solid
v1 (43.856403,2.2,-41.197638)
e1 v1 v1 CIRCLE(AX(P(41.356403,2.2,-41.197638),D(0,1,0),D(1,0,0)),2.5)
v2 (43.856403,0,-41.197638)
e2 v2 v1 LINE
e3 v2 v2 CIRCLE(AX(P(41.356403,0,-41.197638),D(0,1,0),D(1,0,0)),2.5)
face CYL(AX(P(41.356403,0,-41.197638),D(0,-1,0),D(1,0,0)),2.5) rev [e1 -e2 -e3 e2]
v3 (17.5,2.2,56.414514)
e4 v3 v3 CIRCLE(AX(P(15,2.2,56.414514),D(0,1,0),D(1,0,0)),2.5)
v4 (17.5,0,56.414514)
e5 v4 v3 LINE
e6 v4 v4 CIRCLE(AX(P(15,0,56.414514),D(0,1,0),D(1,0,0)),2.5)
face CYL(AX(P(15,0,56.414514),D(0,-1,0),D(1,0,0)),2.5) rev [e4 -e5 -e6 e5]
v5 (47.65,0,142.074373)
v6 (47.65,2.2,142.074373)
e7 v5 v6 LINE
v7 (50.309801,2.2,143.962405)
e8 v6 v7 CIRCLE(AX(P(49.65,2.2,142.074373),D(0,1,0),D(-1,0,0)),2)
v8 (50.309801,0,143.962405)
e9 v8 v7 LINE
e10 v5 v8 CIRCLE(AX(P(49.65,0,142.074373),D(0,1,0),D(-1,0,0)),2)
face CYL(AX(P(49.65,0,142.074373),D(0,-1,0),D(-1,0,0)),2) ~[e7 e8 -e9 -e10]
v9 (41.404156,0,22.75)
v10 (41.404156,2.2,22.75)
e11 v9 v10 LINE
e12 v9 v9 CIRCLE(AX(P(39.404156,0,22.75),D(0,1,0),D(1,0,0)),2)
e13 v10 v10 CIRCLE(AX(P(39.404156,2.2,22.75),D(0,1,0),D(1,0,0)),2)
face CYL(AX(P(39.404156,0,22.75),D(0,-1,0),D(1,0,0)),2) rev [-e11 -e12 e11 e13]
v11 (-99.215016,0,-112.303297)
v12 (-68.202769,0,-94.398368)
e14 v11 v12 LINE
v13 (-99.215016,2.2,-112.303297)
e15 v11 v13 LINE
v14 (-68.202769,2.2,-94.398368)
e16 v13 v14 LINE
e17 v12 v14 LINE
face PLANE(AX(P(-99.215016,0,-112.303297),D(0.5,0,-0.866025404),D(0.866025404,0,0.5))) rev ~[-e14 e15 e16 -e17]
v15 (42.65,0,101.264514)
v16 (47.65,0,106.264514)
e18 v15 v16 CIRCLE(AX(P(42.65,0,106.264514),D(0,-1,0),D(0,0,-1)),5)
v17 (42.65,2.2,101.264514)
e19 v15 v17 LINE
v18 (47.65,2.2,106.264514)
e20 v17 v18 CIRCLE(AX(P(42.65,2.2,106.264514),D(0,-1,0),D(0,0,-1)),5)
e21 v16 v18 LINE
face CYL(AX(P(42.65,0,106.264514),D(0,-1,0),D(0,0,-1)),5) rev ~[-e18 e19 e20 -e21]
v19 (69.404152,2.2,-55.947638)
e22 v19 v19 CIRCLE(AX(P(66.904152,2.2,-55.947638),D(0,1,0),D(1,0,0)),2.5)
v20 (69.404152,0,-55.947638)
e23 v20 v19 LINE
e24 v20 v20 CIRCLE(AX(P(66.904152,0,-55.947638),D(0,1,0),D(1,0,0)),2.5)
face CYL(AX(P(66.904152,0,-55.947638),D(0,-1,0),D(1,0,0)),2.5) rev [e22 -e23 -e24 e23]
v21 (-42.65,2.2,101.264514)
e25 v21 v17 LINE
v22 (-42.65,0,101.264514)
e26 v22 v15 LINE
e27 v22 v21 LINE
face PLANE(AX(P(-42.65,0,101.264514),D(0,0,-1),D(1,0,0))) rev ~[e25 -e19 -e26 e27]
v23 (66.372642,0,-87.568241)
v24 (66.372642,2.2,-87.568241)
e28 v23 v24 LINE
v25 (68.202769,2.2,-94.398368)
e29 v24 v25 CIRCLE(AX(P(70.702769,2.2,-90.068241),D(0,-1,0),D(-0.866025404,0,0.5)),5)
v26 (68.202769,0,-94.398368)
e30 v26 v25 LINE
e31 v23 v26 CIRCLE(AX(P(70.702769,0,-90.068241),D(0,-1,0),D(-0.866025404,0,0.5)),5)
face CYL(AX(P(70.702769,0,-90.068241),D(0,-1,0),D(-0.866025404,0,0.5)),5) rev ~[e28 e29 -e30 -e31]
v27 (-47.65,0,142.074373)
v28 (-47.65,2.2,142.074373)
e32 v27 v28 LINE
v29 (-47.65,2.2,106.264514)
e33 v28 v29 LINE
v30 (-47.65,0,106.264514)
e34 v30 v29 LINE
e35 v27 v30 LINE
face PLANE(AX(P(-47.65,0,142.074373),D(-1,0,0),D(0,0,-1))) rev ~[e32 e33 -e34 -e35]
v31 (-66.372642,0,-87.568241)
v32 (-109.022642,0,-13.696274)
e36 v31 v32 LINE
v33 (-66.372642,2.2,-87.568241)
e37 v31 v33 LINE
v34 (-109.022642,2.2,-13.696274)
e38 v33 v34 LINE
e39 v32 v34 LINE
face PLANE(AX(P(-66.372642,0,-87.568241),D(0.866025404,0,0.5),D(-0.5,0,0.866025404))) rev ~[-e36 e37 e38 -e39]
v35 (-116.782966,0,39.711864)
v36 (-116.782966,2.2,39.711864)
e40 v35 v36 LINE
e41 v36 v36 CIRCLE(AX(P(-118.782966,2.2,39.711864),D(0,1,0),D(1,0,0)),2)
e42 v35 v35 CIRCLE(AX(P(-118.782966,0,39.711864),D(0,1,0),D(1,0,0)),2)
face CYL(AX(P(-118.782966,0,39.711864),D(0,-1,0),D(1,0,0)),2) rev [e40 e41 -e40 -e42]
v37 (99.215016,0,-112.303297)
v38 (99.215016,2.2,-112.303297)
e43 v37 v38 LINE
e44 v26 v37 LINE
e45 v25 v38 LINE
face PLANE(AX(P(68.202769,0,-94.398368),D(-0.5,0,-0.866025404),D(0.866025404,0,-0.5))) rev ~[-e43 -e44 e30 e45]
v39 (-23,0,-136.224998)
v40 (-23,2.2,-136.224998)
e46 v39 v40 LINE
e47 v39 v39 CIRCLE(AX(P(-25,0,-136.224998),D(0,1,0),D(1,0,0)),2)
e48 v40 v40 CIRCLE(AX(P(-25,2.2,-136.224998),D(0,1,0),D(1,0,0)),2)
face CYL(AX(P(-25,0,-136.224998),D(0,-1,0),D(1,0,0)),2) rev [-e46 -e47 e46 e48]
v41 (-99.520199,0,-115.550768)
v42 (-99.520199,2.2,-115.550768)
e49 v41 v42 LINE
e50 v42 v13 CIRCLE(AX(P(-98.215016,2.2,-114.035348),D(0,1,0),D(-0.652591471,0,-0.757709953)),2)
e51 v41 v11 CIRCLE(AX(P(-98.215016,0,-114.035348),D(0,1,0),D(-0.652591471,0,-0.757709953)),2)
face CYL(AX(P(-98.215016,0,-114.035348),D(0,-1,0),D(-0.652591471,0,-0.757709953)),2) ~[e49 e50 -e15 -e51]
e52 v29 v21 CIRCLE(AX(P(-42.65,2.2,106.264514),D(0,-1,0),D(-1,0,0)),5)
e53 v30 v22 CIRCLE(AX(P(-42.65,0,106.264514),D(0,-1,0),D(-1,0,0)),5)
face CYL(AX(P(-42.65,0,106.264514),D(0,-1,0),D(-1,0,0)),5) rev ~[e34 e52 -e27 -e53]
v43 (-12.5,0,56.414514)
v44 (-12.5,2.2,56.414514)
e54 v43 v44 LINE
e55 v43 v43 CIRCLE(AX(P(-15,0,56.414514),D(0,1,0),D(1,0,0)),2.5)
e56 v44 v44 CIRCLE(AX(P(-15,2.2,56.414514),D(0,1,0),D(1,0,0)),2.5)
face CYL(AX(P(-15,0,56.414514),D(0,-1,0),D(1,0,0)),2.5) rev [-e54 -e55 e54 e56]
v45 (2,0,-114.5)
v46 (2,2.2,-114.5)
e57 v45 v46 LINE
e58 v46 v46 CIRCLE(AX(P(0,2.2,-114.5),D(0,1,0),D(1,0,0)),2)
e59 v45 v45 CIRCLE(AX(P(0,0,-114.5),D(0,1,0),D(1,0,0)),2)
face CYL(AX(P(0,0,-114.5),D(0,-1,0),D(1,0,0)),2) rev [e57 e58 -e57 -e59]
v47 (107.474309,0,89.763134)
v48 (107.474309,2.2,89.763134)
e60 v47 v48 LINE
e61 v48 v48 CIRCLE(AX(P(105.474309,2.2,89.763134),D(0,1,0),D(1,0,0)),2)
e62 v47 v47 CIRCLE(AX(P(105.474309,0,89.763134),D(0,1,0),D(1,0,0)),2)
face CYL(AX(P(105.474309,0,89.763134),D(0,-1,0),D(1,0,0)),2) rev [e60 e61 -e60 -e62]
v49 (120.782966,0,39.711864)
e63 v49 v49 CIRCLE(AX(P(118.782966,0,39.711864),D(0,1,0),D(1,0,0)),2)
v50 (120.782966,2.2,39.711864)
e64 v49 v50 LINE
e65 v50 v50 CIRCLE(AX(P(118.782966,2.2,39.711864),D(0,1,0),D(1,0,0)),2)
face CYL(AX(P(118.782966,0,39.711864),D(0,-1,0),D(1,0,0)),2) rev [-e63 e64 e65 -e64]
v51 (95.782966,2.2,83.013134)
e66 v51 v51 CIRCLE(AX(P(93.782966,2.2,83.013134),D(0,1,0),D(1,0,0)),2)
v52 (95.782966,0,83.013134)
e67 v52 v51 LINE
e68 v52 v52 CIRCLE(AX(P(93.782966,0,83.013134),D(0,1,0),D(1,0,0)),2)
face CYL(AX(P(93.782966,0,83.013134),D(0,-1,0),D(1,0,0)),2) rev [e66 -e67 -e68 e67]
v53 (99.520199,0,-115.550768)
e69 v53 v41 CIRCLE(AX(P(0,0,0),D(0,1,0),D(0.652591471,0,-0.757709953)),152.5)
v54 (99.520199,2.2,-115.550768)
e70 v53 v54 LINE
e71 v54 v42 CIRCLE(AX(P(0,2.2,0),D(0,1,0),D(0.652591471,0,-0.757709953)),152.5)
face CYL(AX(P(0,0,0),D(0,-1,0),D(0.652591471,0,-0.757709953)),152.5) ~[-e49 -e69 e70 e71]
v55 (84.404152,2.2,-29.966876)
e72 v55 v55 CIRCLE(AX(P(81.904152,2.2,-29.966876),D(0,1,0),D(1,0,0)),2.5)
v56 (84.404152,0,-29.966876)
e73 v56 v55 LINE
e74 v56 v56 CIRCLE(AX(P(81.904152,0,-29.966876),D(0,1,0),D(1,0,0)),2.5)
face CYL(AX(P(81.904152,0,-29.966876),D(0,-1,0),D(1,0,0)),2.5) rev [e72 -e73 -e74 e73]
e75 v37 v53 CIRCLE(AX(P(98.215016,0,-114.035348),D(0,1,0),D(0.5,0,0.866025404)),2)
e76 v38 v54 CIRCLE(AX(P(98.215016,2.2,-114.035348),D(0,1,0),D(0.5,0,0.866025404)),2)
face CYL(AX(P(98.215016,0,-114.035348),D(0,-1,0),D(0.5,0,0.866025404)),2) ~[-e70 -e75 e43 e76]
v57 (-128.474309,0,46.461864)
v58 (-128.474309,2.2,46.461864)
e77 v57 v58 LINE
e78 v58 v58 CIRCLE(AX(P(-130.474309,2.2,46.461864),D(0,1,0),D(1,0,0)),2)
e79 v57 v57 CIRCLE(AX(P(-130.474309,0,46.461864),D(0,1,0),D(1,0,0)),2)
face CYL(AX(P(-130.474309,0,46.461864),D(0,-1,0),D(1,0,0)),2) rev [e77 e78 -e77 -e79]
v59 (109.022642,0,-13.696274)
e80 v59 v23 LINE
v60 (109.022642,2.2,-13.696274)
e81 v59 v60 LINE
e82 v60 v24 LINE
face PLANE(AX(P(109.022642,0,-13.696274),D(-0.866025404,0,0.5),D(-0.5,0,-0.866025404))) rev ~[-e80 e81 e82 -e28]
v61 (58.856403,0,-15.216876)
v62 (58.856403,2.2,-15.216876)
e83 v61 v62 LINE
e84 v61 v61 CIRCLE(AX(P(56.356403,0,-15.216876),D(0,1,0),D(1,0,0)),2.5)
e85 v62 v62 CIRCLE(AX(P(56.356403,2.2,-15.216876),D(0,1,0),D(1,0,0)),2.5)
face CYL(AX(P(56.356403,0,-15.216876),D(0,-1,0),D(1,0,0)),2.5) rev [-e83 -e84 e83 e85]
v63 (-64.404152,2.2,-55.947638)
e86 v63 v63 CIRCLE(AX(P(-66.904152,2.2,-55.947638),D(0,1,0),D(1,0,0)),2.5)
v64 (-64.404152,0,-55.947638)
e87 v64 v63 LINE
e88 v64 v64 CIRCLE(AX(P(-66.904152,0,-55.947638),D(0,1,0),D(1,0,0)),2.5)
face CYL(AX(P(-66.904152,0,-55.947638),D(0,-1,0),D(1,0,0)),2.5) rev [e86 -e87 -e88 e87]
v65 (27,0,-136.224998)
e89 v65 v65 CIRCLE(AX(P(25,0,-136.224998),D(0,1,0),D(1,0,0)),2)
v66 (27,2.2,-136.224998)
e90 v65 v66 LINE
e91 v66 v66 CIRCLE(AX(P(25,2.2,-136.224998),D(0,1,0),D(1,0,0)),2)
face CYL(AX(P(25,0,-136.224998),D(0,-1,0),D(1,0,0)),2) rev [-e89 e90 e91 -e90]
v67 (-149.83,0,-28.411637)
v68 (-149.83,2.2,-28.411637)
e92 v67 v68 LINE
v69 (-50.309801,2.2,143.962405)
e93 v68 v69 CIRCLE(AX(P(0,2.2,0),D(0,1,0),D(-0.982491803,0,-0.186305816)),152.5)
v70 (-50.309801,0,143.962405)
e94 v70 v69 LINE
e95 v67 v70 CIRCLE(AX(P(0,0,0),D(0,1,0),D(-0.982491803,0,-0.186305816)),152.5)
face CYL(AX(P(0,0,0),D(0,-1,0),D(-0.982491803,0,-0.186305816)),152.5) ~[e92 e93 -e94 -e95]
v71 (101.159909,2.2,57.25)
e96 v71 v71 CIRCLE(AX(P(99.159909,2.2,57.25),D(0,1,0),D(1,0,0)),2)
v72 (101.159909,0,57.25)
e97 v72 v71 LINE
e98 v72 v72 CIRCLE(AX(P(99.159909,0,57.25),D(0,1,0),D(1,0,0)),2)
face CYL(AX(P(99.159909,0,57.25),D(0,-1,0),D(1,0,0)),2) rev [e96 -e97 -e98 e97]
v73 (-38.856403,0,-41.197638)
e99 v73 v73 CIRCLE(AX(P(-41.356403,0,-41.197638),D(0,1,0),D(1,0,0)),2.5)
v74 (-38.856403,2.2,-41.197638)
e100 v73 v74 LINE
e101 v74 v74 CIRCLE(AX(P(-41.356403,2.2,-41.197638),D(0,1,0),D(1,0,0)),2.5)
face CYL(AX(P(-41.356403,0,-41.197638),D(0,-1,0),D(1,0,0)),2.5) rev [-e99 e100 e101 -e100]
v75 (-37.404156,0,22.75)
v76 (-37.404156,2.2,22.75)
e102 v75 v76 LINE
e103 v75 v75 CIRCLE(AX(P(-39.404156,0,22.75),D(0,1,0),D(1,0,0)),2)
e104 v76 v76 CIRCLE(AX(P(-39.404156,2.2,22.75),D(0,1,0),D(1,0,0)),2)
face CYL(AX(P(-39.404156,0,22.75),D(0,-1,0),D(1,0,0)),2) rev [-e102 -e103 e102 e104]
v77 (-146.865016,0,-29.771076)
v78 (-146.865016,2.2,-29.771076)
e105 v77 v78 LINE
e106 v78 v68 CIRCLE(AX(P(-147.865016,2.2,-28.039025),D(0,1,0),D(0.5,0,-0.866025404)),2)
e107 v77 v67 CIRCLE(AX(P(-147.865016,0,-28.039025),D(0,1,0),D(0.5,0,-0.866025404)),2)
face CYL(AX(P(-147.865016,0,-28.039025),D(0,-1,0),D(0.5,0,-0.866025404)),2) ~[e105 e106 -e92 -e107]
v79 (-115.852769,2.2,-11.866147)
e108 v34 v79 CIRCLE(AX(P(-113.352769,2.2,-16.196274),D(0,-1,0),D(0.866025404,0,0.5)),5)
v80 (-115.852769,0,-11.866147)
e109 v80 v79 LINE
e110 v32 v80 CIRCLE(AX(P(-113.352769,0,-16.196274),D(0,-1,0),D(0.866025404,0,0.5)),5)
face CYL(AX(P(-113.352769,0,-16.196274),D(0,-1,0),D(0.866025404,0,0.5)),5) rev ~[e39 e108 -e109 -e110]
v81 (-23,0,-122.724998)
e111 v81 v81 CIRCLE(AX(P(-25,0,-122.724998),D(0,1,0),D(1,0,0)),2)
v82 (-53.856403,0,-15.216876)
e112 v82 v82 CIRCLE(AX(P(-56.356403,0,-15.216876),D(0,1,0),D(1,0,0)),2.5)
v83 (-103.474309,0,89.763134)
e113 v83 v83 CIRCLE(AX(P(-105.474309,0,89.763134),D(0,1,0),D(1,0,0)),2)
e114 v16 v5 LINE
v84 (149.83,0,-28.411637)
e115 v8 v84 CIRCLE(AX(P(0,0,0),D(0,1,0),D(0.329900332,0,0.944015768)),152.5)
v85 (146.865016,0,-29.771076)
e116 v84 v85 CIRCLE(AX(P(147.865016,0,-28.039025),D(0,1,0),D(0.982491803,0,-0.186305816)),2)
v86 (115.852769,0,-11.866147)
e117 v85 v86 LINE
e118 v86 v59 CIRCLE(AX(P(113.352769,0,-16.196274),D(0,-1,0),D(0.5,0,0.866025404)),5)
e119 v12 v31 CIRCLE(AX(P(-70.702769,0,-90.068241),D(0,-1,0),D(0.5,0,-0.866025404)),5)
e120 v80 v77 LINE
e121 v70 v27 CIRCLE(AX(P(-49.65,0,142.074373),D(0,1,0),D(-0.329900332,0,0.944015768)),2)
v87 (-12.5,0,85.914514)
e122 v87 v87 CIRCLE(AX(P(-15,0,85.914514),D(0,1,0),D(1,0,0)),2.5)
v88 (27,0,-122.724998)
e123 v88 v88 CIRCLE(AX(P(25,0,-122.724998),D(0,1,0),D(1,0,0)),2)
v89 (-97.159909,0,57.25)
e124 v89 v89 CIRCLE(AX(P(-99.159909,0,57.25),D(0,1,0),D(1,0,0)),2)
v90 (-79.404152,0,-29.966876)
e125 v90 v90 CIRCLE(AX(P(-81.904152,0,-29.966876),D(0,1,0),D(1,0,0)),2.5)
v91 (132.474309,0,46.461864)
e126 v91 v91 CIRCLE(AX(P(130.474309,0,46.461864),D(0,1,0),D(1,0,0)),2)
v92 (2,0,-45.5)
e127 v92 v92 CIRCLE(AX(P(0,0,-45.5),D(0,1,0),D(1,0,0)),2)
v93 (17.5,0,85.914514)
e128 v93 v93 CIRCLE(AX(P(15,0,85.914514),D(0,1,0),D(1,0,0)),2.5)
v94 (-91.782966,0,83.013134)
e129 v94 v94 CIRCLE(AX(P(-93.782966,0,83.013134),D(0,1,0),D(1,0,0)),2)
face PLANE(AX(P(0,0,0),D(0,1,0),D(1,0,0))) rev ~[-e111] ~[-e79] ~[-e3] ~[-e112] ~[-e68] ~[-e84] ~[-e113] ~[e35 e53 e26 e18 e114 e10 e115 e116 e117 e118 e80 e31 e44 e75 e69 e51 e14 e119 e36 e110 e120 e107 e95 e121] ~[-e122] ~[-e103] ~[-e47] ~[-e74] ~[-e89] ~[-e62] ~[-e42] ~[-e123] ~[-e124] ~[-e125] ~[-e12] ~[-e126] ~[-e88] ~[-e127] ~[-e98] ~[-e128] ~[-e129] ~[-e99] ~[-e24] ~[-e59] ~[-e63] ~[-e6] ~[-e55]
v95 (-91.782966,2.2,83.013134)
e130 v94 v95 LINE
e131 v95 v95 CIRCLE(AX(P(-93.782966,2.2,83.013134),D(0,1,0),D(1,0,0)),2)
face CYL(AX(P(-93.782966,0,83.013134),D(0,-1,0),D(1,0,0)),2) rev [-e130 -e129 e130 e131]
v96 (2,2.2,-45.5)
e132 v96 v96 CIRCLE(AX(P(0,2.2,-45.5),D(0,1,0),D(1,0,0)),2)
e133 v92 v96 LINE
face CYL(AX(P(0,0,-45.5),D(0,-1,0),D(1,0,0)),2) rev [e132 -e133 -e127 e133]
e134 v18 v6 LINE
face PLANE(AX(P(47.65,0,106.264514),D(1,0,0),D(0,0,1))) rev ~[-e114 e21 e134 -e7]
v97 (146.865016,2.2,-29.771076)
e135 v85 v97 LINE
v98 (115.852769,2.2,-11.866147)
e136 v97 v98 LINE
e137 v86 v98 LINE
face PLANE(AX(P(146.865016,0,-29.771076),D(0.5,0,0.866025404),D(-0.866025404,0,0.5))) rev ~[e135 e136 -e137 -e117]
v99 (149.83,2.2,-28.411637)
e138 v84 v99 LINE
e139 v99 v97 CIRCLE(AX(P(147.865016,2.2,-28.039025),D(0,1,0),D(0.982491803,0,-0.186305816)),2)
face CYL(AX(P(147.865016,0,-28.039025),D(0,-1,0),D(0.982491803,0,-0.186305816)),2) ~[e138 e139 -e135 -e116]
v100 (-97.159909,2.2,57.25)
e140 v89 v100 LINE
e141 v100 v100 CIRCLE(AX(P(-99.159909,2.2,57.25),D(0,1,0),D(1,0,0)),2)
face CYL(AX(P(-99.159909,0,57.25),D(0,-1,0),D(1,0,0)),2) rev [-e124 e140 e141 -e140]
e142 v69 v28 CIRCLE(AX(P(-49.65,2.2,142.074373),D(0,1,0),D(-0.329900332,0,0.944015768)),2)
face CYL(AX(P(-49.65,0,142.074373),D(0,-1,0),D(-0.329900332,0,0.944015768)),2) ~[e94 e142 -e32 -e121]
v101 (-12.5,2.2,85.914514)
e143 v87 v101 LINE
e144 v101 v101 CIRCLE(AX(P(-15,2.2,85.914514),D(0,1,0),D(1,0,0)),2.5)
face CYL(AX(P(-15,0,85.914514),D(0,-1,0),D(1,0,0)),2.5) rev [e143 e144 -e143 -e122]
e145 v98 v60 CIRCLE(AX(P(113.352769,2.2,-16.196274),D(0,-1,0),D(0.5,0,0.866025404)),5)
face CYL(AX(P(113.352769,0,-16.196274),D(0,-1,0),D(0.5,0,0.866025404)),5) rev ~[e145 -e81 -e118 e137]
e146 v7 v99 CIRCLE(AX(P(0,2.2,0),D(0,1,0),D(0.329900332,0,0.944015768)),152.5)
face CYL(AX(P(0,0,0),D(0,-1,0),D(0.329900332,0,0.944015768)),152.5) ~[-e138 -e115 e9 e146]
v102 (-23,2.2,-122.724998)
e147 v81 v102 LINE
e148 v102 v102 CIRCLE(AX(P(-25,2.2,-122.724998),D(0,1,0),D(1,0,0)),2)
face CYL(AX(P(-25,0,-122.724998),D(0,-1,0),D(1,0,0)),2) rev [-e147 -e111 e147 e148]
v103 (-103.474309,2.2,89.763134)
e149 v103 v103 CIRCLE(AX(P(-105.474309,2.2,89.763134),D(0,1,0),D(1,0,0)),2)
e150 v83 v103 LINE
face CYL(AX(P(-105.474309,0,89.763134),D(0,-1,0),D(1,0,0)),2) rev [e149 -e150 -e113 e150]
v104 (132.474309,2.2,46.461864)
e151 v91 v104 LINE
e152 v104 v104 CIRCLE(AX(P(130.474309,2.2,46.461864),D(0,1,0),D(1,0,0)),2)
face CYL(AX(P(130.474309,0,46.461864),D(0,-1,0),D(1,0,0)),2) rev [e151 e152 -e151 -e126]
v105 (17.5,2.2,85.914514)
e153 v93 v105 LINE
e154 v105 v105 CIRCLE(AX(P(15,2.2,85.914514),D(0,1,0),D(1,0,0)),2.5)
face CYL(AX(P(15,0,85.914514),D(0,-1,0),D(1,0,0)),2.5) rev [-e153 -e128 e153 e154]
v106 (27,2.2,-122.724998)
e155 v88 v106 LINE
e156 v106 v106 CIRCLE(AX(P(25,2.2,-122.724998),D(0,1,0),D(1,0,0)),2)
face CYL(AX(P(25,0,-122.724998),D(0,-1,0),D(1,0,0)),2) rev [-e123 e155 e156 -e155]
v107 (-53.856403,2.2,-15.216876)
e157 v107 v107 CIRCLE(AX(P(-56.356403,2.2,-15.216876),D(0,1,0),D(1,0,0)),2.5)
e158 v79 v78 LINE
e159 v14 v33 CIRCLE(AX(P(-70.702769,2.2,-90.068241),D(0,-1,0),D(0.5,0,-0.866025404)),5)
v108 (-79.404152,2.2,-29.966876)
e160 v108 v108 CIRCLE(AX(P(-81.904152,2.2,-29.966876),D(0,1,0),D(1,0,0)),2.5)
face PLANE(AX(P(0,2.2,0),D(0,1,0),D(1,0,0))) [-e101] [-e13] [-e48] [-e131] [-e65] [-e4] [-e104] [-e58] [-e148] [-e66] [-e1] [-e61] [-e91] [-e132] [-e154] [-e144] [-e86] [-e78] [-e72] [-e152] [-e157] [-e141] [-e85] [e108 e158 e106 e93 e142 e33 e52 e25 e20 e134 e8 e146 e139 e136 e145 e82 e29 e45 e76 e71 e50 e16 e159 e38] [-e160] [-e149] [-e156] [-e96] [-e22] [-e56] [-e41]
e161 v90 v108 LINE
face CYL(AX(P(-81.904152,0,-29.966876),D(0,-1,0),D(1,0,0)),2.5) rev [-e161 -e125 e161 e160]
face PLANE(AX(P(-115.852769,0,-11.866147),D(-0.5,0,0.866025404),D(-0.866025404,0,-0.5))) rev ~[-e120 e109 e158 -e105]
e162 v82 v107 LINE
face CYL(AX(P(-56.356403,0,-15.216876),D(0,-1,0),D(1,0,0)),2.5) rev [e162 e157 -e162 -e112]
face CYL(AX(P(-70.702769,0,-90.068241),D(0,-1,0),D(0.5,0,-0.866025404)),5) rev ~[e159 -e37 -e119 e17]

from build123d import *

# Parameters (mm, degrees)
SKETCH1_R           = 2.5
SKETCH1_R_2         = 2
BOSS_EXTRUDE1_DEPTH = 2.2


with BuildPart() as part:
    # Sketch1 → Boss-Extrude1 (new body)
    with BuildSketch(Plane(origin=(0, 0, 0), x_dir=(1, 0, 0), z_dir=(0, 1, 0))):
        with BuildLine():
            Line((-47.65, -142.074373129), (-47.65, -106.264514288))
            ThreePointArc((-47.65, -106.264514288), (-46.185533906, -102.728980382), (-42.65, -101.264514288))
            Line((-42.65, -101.264514288), (42.65, -101.264514288))
            ThreePointArc((42.65, -101.264514288), (46.185533906, -102.728980382), (47.65, -106.264514288))
            Line((47.65, -106.264514288), (47.65, -142.074373129))
            ThreePointArc((47.65, -142.074373129), (48.492330213, -143.705262661), (50.309800664, -143.962404666))
            ThreePointArc((50.309800664, -143.962404666), (132.068874077, -76.25), (149.829999963, 28.411636898))
            ThreePointArc((149.829999963, 28.411636898), (148.698573228, 29.857041477), (146.865016356, 29.771076074))
            Line((146.865016356, 29.771076074), (115.852768895, 11.866146654))
            ThreePointArc((115.852768895, 11.866146654), (112.058673669, 11.366644541), (109.022641876, 13.696273673))
            Line((109.022641876, 13.696273673), (66.372641876, 87.568240616))
            ThreePointArc((66.372641876, 87.568240616), (65.873139763, 91.362335841), (68.202768895, 94.398367635))
            Line((68.202768895, 94.398367635), (99.215016356, 112.303297055))
            ThreePointArc((99.215016356, 112.303297055), (100.206243015, 113.848221184), (99.520199298, 115.550767768))
            ThreePointArc((99.520199298, 115.550767768), (0, 152.5), (-99.520199298, 115.550767768))
            ThreePointArc((-99.520199298, 115.550767768), (-100.206243015, 113.848221184), (-99.215016356, 112.303297055))
            Line((-99.215016356, 112.303297055), (-68.202768895, 94.398367635))
            ThreePointArc((-68.202768895, 94.398367635), (-65.873139763, 91.362335841), (-66.372641876, 87.568240616))
            Line((-66.372641876, 87.568240616), (-109.022641876, 13.696273673))
            ThreePointArc((-109.022641876, 13.696273673), (-112.058673669, 11.366644541), (-115.852768895, 11.866146654))
            Line((-115.852768895, 11.866146654), (-146.865016356, 29.771076074))
            ThreePointArc((-146.865016356, 29.771076074), (-148.698573228, 29.857041477), (-149.829999963, 28.411636898))
            ThreePointArc((-149.829999963, 28.411636898), (-132.068874077, -76.25), (-50.309800664, -143.962404666))
            ThreePointArc((-50.309800664, -143.962404666), (-48.492330213, -143.705262661), (-47.65, -142.074373129))
        make_face()
        with Locations((-15, -85.914514288)):
            Circle(SKETCH1_R, mode=Mode.SUBTRACT)
        with Locations((15, -85.914514288)):
            Circle(SKETCH1_R, mode=Mode.SUBTRACT)
        with Locations((105.474308644, -89.763133948)):
            Circle(SKETCH1_R_2, mode=Mode.SUBTRACT)
        with Locations((130.474308644, -46.461863758)):
            Circle(SKETCH1_R_2, mode=Mode.SUBTRACT)
        with Locations((93.782965693, -83.013133948)):
            Circle(SKETCH1_R_2, mode=Mode.SUBTRACT)
        with Locations((118.782965693, -39.711863758)):
            Circle(SKETCH1_R_2, mode=Mode.SUBTRACT)
        with Locations((99.159908733, -57.25)):
            Circle(SKETCH1_R_2, mode=Mode.SUBTRACT)
        with Locations((39.404155872, -22.75)):
            Circle(SKETCH1_R_2, mode=Mode.SUBTRACT)
        with Locations((-99.159908733, -57.25)):
            Circle(SKETCH1_R_2, mode=Mode.SUBTRACT)
        with Locations((-93.782965693, -83.013133948)):
            Circle(SKETCH1_R_2, mode=Mode.SUBTRACT)
        with Locations((-105.474308644, -89.763133948)):
            Circle(SKETCH1_R_2, mode=Mode.SUBTRACT)
        with Locations((-130.474308644, -46.461863758)):
            Circle(SKETCH1_R_2, mode=Mode.SUBTRACT)
        with Locations((-118.782965693, -39.711863758)):
            Circle(SKETCH1_R_2, mode=Mode.SUBTRACT)
        with Locations((-39.404155872, -22.75)):
            Circle(SKETCH1_R_2, mode=Mode.SUBTRACT)
        with Locations((0, 114.5)):
            Circle(SKETCH1_R_2, mode=Mode.SUBTRACT)
        with Locations((-25, 122.724997706)):
            Circle(SKETCH1_R_2, mode=Mode.SUBTRACT)
        with Locations((-25, 136.224997706)):
            Circle(SKETCH1_R_2, mode=Mode.SUBTRACT)
        with Locations((25, 136.224997706)):
            Circle(SKETCH1_R_2, mode=Mode.SUBTRACT)
        with Locations((25, 122.724997706)):
            Circle(SKETCH1_R_2, mode=Mode.SUBTRACT)
        with Locations((0, 45.5)):
            Circle(SKETCH1_R_2, mode=Mode.SUBTRACT)
        with Locations((15, -56.414514288)):
            Circle(SKETCH1_R, mode=Mode.SUBTRACT)
        with Locations((-15, -56.414514288)):
            Circle(SKETCH1_R, mode=Mode.SUBTRACT)
        with Locations((-56.356402516, 15.216876087)):
            Circle(SKETCH1_R, mode=Mode.SUBTRACT)
        with Locations((-81.904151928, 29.966876087)):
            Circle(SKETCH1_R, mode=Mode.SUBTRACT)
        with Locations((-66.904151928, 55.947638201)):
            Circle(SKETCH1_R, mode=Mode.SUBTRACT)
        with Locations((-41.356402516, 41.197638201)):
            Circle(SKETCH1_R, mode=Mode.SUBTRACT)
        with Locations((41.356402516, 41.197638201)):
            Circle(SKETCH1_R, mode=Mode.SUBTRACT)
        with Locations((66.904151928, 55.947638201)):
            Circle(SKETCH1_R, mode=Mode.SUBTRACT)
        with Locations((81.904151928, 29.966876087)):
            Circle(SKETCH1_R, mode=Mode.SUBTRACT)
        with Locations((56.356402516, 15.216876087)):
            Circle(SKETCH1_R, mode=Mode.SUBTRACT)
    extrude(amount=BOSS_EXTRUDE1_DEPTH)


solid = part.part
